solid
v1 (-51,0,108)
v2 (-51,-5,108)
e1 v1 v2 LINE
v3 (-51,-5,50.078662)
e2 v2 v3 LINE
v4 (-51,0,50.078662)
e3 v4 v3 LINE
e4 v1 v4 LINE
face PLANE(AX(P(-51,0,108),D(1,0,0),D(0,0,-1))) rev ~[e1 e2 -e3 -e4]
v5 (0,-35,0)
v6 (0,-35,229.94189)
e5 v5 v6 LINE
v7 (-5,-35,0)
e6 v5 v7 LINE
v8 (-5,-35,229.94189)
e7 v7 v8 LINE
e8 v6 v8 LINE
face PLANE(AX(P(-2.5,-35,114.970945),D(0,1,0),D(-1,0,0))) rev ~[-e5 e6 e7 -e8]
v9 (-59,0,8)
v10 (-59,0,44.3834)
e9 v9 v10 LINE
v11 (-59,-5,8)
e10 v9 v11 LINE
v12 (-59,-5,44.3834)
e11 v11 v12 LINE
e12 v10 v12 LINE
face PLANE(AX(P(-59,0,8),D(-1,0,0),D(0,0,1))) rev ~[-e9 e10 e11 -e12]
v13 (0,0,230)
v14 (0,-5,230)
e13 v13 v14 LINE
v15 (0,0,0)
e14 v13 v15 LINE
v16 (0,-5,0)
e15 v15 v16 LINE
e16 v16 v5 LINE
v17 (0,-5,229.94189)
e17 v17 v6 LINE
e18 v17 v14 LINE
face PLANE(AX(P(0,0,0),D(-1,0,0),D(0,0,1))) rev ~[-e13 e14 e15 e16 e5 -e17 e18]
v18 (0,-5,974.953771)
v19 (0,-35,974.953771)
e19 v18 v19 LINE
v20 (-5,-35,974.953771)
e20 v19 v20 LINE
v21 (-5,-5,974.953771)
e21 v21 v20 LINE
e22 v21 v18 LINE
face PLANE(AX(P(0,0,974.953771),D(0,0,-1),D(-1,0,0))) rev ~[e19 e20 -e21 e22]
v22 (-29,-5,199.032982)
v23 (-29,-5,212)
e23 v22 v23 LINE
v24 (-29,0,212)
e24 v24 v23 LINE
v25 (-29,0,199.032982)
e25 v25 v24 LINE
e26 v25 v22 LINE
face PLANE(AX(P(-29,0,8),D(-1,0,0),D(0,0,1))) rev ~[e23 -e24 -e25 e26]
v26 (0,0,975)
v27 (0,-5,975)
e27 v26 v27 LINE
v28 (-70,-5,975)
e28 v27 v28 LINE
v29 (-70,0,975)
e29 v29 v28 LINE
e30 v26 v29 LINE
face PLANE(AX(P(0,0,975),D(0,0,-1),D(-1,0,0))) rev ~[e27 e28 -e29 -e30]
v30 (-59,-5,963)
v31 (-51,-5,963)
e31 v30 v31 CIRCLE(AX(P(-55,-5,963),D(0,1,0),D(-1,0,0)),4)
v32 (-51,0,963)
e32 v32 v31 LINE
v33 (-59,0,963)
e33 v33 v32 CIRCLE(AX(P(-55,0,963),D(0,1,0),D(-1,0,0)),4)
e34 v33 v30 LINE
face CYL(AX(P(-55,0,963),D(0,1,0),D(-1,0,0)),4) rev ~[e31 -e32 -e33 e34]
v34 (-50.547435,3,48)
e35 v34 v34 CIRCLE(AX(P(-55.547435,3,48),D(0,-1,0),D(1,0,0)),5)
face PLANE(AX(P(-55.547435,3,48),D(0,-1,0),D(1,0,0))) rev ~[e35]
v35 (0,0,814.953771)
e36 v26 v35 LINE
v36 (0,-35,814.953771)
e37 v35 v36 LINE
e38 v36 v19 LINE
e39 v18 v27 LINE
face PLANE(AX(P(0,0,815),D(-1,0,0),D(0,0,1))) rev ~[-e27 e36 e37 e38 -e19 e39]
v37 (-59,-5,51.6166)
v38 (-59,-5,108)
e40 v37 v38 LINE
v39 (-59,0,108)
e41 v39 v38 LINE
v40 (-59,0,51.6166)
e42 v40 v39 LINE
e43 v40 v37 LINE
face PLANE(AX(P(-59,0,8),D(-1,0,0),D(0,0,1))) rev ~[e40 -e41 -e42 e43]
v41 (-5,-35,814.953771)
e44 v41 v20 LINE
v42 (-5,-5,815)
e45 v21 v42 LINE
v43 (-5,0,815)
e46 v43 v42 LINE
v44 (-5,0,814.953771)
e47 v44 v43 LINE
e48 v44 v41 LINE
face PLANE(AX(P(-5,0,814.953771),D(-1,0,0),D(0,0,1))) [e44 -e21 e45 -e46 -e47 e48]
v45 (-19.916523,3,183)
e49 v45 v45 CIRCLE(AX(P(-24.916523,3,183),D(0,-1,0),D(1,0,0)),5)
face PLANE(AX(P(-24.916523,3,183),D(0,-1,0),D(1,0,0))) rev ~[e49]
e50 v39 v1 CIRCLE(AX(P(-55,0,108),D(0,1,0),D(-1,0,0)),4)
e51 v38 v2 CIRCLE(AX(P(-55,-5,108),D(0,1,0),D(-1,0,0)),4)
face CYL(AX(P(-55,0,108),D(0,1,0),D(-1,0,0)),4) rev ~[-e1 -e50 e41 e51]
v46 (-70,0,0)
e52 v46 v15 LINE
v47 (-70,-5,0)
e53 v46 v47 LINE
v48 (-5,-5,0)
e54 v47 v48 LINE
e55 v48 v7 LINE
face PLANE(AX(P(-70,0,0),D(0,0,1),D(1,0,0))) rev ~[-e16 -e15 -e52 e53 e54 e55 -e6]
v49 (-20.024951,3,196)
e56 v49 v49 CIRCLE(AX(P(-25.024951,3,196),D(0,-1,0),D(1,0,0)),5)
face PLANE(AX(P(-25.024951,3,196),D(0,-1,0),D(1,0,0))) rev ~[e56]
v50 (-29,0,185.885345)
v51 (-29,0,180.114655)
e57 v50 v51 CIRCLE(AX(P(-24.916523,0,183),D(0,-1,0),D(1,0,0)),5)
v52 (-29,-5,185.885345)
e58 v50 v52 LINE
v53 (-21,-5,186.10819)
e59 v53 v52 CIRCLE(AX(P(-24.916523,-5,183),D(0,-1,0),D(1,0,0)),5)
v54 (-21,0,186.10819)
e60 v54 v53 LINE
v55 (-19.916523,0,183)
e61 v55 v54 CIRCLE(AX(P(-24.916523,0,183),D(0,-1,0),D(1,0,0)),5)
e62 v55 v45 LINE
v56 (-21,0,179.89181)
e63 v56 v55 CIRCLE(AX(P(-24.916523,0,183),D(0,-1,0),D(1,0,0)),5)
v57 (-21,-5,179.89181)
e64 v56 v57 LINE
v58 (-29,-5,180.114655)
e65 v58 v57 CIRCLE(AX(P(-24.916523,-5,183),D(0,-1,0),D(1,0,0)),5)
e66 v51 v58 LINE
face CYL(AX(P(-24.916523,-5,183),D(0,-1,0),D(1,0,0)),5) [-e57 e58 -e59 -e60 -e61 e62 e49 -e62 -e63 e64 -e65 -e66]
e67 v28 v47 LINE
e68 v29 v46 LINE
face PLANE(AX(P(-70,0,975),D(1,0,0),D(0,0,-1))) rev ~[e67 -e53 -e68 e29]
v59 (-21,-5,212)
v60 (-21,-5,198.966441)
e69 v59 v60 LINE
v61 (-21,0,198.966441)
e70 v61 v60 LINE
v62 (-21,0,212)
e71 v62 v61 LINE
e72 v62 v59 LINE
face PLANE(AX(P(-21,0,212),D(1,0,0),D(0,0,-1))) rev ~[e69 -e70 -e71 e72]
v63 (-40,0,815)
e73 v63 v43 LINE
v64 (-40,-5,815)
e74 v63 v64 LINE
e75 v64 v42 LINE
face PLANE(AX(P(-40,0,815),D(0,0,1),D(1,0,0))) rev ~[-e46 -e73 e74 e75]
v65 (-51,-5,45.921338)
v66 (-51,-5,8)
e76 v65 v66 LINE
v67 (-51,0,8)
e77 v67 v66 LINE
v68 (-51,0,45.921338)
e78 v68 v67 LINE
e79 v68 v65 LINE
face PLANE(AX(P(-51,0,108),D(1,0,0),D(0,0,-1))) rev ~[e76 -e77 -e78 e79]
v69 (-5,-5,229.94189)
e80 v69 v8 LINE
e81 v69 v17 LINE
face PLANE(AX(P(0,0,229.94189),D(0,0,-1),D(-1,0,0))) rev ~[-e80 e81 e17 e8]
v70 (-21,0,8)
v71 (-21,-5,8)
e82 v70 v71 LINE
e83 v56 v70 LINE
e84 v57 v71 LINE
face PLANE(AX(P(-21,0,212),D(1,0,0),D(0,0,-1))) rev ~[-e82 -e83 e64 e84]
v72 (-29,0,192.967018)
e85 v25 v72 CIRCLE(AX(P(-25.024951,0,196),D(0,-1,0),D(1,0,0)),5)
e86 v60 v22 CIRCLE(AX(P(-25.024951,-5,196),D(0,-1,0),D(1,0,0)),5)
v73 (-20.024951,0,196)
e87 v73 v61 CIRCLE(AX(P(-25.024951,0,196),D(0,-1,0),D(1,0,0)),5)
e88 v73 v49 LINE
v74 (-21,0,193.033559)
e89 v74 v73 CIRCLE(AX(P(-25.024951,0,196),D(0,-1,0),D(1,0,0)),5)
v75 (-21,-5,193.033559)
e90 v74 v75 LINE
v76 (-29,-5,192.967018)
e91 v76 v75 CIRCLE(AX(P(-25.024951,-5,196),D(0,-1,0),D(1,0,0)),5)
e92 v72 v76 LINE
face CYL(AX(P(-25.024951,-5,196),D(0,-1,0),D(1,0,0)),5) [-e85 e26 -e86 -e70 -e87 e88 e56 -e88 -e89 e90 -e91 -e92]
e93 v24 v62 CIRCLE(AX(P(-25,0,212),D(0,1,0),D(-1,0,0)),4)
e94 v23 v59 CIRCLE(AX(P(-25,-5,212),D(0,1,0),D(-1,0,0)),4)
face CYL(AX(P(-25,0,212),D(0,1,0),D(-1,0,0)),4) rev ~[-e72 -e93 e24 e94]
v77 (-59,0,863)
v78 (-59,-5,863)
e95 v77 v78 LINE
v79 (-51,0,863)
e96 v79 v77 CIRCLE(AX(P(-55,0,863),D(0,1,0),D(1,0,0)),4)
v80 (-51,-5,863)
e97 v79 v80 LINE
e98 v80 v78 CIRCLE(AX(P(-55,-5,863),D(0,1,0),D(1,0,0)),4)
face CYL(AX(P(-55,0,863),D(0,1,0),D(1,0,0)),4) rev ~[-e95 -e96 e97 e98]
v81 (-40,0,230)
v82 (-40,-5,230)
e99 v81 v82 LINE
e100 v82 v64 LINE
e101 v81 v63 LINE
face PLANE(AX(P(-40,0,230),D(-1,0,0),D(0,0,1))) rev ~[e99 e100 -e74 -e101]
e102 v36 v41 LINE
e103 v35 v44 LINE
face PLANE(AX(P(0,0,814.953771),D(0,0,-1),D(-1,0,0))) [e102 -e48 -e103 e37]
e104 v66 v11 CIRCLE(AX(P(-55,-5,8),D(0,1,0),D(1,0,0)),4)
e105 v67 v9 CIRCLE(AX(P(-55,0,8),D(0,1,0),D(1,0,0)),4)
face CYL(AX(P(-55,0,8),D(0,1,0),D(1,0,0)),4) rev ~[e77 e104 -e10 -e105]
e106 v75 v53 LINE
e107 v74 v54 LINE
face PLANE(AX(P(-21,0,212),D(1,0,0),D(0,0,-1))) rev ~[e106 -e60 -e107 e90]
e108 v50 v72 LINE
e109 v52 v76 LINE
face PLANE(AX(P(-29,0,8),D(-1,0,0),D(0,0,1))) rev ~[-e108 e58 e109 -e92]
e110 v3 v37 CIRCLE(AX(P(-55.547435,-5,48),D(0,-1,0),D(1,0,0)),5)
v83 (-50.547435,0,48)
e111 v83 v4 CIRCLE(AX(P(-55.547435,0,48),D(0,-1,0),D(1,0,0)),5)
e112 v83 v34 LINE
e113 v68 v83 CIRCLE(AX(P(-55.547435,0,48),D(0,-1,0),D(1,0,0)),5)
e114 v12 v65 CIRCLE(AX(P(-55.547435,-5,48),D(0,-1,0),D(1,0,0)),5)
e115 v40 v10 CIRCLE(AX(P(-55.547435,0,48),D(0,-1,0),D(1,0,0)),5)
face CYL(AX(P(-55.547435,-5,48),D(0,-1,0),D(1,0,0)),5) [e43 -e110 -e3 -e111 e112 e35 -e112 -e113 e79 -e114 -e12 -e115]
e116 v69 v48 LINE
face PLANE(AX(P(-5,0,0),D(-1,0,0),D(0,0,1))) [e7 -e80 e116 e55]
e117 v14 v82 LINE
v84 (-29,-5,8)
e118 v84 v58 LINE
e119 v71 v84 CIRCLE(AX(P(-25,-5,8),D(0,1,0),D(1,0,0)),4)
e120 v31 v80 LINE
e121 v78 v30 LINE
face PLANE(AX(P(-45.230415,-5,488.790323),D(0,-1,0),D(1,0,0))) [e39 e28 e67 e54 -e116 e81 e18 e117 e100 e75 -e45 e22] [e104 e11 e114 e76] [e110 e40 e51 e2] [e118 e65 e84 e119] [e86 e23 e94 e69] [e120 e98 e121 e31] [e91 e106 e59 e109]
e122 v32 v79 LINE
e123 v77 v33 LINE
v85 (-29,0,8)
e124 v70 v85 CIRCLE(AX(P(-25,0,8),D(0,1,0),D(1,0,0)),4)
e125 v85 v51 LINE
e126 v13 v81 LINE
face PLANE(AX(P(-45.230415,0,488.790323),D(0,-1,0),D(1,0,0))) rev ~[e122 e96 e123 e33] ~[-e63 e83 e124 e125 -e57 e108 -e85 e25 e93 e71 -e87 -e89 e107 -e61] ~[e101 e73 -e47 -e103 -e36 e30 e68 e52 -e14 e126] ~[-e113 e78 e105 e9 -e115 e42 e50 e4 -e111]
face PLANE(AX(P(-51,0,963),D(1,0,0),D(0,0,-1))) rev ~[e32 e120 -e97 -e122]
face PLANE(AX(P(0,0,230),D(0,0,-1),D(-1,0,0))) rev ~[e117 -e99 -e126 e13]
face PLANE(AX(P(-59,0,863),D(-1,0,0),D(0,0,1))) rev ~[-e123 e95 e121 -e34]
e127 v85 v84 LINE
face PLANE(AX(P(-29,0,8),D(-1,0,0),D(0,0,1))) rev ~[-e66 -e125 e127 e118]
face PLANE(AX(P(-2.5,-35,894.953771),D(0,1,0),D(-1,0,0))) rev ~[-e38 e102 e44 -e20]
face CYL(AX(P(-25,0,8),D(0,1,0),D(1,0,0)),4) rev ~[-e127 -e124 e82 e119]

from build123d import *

# Parameters (mm, degrees)
F1_DEPTH = 5
F3_W     = 5
F3_H     = 229.9418896437
F3_H_2   = 160
F4_DEPTH = 35
F6_R     = 5
F7_DEPTH = 8


with BuildPart() as f1:
    # F0 (on Front) → F1 (new body)
    with BuildSketch(Plane.XZ):
        Polygon((-70, 0), (0, 0), (0, 230), (-40, 230), (-40, 815), (0, 815), (0, 975), (-70, 975), align=None)
        with BuildLine():
            ThreePointArc((-59, 108), (-55, 112), (-51, 108))
            Line((-51, 108), (-51, 8))
            ThreePointArc((-51, 8), (-55, 4), (-59, 8))
            Line((-59, 8), (-59, 108))
        make_face(mode=Mode.SUBTRACT)
        with BuildLine():
            ThreePointArc((-29, 212), (-25, 216), (-21, 212))
            Line((-21, 212), (-21, 8))
            ThreePointArc((-21, 8), (-25, 4), (-29, 8))
            Line((-29, 8), (-29, 212))
        make_face(mode=Mode.SUBTRACT)
        with BuildLine():
            ThreePointArc((-59, 963), (-55, 967), (-51, 963))
            Line((-51, 963), (-51, 863))
            ThreePointArc((-51, 863), (-55, 859), (-59, 863))
            Line((-59, 863), (-59, 963))
        make_face(mode=Mode.SUBTRACT)
    extrude(amount=F1_DEPTH)

    # F3 (on offset) → F4 (join)
    with BuildSketch(Plane(origin=(0, 0, 0), x_dir=(-1, 0, 0), z_dir=(0, 1, 0))):
        with Locations((2.5, 114.9709448218)):
            Rectangle(F3_W, F3_H)
        with Locations((2.5, 894.9537706375)):
            Rectangle(F3_W, F3_H_2)
    extrude(amount=-F4_DEPTH)

    # F6 (on offset) → F7 (join)
    with BuildSketch(Plane.XZ.offset(5)):
        with Locations((-55.5474348366, 48)):
            Circle(F6_R)
        with Locations((-24.9165232928, 183)):
            Circle(F6_R)
        with Locations((-25.0249505043, 196)):
            Circle(F6_R)
    extrude(amount=-F7_DEPTH)


solid = f1.part
